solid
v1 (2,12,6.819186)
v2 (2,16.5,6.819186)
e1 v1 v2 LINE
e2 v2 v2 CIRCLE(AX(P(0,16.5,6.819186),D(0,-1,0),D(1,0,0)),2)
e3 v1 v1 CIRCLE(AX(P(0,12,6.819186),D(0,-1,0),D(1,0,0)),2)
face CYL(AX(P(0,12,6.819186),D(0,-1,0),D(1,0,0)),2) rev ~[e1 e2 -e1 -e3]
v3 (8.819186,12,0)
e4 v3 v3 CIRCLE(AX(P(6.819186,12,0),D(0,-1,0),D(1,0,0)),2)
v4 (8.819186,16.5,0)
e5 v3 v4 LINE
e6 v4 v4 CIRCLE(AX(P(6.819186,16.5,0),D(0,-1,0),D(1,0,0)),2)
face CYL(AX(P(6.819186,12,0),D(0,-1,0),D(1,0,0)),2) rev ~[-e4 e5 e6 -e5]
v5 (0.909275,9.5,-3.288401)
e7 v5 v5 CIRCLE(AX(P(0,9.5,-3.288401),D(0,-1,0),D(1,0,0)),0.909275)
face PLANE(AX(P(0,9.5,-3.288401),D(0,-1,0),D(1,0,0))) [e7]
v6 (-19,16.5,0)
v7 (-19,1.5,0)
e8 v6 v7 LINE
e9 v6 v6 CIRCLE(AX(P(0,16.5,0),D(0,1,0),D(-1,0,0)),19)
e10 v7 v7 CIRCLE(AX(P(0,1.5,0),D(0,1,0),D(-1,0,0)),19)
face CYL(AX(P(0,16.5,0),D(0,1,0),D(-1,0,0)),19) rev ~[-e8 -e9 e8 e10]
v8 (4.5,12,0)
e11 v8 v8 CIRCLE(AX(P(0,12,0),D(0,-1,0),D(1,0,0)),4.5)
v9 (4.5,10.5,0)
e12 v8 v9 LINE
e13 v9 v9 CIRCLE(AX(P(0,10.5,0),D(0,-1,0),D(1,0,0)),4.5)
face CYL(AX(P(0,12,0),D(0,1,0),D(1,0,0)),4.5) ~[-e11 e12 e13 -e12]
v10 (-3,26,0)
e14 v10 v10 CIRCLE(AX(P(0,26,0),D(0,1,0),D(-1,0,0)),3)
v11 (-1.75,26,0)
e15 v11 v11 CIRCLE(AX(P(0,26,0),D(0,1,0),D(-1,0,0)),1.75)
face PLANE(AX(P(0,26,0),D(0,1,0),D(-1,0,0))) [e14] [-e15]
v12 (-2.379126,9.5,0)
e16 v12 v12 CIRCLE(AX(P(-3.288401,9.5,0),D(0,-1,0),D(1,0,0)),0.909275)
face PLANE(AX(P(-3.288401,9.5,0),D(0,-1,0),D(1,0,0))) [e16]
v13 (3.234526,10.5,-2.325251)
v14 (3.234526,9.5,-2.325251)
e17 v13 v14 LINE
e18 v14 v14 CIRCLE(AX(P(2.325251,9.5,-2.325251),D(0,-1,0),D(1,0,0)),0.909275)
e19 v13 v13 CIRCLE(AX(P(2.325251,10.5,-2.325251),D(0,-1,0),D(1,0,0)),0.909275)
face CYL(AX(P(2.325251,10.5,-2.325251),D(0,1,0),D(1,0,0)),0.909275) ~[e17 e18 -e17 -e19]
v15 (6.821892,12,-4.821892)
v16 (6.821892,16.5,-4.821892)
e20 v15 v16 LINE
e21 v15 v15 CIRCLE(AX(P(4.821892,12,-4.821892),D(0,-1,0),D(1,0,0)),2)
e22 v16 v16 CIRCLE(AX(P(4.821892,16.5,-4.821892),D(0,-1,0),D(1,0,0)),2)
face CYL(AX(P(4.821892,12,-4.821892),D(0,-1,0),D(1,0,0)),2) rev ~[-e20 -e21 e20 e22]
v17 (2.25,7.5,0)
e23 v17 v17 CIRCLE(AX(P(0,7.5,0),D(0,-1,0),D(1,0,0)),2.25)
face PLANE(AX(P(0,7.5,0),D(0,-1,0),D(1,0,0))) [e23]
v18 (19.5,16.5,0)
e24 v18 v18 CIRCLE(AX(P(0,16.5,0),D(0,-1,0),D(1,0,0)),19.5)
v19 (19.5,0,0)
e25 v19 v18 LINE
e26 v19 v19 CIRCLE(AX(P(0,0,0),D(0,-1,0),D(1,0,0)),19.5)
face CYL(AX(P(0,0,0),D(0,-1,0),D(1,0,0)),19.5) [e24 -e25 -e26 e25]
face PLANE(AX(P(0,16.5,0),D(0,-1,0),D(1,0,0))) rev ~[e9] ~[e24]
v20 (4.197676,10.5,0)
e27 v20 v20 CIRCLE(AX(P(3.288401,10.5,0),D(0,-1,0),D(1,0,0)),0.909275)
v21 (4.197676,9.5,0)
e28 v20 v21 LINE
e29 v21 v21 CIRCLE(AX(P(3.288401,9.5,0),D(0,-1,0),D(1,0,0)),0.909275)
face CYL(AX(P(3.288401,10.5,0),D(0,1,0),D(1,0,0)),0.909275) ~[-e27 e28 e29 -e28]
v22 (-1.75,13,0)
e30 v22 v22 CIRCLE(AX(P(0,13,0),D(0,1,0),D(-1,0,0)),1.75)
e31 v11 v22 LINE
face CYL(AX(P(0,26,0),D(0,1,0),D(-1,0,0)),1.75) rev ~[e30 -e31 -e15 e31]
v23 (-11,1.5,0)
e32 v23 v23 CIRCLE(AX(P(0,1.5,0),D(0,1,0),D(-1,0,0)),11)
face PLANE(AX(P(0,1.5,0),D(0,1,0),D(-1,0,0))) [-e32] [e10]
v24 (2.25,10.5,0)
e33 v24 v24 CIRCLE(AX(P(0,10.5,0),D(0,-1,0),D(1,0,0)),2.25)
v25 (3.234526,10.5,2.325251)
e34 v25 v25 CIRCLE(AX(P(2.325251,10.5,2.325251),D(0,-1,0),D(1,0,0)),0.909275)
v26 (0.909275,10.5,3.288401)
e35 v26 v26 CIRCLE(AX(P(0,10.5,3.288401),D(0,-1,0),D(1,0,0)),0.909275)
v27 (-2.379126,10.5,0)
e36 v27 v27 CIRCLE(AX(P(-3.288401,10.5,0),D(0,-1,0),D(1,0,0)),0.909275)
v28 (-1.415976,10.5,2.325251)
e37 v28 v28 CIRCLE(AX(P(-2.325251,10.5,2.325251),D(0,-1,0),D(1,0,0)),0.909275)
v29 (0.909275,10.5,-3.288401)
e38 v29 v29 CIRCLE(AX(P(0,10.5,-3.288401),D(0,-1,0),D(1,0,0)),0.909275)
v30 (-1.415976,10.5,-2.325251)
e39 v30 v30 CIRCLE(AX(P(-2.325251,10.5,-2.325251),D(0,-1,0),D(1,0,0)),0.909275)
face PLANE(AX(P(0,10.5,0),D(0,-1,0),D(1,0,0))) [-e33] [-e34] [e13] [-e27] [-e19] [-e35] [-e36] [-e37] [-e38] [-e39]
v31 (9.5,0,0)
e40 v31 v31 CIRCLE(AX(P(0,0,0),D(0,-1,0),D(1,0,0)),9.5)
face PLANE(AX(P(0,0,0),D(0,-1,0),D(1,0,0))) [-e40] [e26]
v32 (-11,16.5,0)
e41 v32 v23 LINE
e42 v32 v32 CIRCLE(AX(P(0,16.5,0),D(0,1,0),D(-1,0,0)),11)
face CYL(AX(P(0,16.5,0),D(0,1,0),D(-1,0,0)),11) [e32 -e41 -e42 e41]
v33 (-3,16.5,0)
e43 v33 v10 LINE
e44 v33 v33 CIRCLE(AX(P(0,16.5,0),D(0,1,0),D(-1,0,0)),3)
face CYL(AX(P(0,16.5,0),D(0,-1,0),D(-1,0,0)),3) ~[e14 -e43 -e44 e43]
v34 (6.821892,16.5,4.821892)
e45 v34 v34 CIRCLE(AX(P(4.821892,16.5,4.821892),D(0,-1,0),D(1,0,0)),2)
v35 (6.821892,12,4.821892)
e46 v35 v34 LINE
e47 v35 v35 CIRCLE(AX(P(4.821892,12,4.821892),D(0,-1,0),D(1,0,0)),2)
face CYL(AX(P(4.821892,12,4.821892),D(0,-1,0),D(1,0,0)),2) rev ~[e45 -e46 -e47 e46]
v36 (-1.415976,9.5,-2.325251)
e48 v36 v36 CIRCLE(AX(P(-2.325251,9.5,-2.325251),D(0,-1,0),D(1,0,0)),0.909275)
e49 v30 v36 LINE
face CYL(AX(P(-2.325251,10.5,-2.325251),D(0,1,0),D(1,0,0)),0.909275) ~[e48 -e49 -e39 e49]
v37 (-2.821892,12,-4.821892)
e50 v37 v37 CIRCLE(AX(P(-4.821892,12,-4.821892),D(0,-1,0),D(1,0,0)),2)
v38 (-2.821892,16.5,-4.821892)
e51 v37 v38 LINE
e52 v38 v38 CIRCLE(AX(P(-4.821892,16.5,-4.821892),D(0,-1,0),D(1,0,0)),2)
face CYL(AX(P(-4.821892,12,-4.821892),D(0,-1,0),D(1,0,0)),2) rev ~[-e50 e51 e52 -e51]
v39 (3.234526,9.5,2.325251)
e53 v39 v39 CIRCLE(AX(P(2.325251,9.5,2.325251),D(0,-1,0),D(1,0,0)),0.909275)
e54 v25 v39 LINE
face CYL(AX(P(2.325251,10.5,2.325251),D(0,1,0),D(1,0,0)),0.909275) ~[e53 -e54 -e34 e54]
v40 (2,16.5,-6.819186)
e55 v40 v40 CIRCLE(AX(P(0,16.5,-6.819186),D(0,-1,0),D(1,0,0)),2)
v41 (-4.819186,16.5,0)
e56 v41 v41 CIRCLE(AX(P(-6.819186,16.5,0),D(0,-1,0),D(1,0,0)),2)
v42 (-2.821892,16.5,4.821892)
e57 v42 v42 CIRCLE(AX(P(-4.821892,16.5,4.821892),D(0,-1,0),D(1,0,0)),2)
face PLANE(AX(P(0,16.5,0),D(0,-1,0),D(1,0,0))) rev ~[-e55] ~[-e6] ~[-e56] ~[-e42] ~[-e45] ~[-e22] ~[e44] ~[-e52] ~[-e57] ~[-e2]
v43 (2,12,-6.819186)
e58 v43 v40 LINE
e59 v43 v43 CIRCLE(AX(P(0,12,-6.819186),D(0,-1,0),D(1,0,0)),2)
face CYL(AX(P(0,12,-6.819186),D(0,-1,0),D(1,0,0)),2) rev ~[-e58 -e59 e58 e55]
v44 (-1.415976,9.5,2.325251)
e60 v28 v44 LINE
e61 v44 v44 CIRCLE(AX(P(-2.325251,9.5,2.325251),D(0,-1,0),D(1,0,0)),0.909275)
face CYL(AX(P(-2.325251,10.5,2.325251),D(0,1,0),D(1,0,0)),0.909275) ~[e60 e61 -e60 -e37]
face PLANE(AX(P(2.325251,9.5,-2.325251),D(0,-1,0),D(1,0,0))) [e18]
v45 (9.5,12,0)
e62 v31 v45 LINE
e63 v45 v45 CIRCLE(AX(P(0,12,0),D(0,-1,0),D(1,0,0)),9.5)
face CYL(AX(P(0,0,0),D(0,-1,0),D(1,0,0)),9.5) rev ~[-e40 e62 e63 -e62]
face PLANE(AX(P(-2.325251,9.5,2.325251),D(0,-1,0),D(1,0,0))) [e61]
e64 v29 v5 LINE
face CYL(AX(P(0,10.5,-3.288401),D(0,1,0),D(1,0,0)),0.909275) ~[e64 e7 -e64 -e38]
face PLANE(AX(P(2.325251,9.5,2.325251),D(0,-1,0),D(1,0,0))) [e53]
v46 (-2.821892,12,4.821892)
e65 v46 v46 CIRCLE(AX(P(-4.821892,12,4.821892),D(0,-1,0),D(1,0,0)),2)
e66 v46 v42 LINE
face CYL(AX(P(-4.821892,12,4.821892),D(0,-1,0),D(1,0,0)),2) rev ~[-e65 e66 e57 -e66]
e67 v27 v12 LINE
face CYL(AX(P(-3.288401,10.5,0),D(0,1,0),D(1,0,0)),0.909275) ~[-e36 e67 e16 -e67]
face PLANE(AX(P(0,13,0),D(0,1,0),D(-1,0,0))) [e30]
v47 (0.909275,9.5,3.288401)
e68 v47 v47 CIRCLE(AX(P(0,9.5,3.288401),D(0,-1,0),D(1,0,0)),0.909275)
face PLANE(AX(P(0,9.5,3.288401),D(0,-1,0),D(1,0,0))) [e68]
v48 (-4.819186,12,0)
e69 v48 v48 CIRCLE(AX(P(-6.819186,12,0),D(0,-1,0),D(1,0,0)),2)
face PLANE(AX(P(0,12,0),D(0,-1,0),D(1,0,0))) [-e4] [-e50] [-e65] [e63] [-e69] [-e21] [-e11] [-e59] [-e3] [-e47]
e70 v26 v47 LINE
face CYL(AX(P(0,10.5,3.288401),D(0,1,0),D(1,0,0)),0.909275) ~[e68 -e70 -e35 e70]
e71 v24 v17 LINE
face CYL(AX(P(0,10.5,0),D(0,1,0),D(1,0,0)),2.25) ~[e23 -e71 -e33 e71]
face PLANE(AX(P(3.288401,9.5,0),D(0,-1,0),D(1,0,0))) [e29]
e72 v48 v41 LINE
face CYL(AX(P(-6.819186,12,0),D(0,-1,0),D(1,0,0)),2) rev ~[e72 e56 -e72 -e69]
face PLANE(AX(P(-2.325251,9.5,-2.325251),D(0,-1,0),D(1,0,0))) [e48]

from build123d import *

# Parameters (mm, degrees)
F0_R      = 19.5
F1_DEPTH  = 16.5
F3_R      = 9.5
F4_DEPTH  = 12
F5_R      = 2
F6_DEPTH  = 25
F7_R      = 4.5
F8_DEPTH  = 1.5
F9_R      = 2.25
F10_DEPTH = 3
F11_R     = 0.909275
F12_DEPTH = 1
F13_R     = 19
F13_R_2   = 11
F14_DEPTH = 15
F15_R     = 3
F16_DEPTH = 9.5
F17_R     = 1.75
F18_DEPTH = 13


with BuildPart() as f1:
    # F0 (on Front) → F1 (new body)
    with BuildSketch(Plane.XZ):
        Circle(F0_R)
    extrude(amount=-F1_DEPTH)

    # F3 (on face) → F4 (cut)
    with BuildSketch(Plane.XZ):
        Circle(F3_R)
    extrude(amount=-F4_DEPTH, mode=Mode.SUBTRACT)

    # F5 (on face) → F6 (cut)
    with BuildSketch(Plane.XZ.offset(-12)):
        with Locations((0, 6.819186)):
            Circle(F5_R)
        with Locations((4.821892, 4.821892)):
            Circle(F5_R)
        with Locations((6.819186, 0)):
            Circle(F5_R)
        with Locations((4.821892, -4.821892)):
            Circle(F5_R)
        with Locations((0, -6.819186)):
            Circle(F5_R)
        with Locations((-4.821892, -4.821892)):
            Circle(F5_R)
        with Locations((-6.819186, 0)):
            Circle(F5_R)
        with Locations((-4.821892, 4.821892)):
            Circle(F5_R)
    extrude(amount=-F6_DEPTH, mode=Mode.SUBTRACT)

    # F7 (on face) → F8 (join)
    with BuildSketch(Plane.XZ.offset(-12)):
        Circle(F7_R)
    extrude(amount=F8_DEPTH)

    # F9 (on face) → F10 (join)
    with BuildSketch(Plane.XZ.offset(-10.5)):
        Circle(F9_R)
    extrude(amount=F10_DEPTH)

    # F11 (on face) → F12 (join)
    with BuildSketch(Plane.XZ.offset(-10.5)):
        with Locations((0, 3.288401)):
            Circle(F11_R)
        with Locations((2.325251, 2.325251)):
            Circle(F11_R)
        with Locations((3.288401, 0)):
            Circle(F11_R)
        with Locations((2.325251, -2.325251)):
            Circle(F11_R)
        with Locations((0, -3.288401)):
            Circle(F11_R)
        with Locations((-2.325251, -2.325251)):
            Circle(F11_R)
        with Locations((-3.288401, 0)):
            Circle(F11_R)
        with Locations((-2.325251, 2.325251)):
            Circle(F11_R)
    extrude(amount=F12_DEPTH)

    # F13 (on face) → F14 (cut)
    with BuildSketch(Plane(origin=(0, 16.5, 0), x_dir=(-1, 0, 0), z_dir=(0, 1, 0))):
        Circle(F13_R)
        Circle(F13_R_2, mode=Mode.SUBTRACT)
    extrude(amount=-F14_DEPTH, mode=Mode.SUBTRACT)

    # F15 (on face) → F16 (join)
    with BuildSketch(Plane(origin=(0, 16.5, 0), x_dir=(-1, 0, 0), z_dir=(0, 1, 0))):
        Circle(F15_R)
    extrude(amount=F16_DEPTH)

    # F17 (on face) → F18 (cut)
    with BuildSketch(Plane(origin=(0, 26, 0), x_dir=(-1, 0, 0), z_dir=(0, 1, 0))):
        Circle(F17_R)
    extrude(amount=-F18_DEPTH, mode=Mode.SUBTRACT)


solid = f1.part
